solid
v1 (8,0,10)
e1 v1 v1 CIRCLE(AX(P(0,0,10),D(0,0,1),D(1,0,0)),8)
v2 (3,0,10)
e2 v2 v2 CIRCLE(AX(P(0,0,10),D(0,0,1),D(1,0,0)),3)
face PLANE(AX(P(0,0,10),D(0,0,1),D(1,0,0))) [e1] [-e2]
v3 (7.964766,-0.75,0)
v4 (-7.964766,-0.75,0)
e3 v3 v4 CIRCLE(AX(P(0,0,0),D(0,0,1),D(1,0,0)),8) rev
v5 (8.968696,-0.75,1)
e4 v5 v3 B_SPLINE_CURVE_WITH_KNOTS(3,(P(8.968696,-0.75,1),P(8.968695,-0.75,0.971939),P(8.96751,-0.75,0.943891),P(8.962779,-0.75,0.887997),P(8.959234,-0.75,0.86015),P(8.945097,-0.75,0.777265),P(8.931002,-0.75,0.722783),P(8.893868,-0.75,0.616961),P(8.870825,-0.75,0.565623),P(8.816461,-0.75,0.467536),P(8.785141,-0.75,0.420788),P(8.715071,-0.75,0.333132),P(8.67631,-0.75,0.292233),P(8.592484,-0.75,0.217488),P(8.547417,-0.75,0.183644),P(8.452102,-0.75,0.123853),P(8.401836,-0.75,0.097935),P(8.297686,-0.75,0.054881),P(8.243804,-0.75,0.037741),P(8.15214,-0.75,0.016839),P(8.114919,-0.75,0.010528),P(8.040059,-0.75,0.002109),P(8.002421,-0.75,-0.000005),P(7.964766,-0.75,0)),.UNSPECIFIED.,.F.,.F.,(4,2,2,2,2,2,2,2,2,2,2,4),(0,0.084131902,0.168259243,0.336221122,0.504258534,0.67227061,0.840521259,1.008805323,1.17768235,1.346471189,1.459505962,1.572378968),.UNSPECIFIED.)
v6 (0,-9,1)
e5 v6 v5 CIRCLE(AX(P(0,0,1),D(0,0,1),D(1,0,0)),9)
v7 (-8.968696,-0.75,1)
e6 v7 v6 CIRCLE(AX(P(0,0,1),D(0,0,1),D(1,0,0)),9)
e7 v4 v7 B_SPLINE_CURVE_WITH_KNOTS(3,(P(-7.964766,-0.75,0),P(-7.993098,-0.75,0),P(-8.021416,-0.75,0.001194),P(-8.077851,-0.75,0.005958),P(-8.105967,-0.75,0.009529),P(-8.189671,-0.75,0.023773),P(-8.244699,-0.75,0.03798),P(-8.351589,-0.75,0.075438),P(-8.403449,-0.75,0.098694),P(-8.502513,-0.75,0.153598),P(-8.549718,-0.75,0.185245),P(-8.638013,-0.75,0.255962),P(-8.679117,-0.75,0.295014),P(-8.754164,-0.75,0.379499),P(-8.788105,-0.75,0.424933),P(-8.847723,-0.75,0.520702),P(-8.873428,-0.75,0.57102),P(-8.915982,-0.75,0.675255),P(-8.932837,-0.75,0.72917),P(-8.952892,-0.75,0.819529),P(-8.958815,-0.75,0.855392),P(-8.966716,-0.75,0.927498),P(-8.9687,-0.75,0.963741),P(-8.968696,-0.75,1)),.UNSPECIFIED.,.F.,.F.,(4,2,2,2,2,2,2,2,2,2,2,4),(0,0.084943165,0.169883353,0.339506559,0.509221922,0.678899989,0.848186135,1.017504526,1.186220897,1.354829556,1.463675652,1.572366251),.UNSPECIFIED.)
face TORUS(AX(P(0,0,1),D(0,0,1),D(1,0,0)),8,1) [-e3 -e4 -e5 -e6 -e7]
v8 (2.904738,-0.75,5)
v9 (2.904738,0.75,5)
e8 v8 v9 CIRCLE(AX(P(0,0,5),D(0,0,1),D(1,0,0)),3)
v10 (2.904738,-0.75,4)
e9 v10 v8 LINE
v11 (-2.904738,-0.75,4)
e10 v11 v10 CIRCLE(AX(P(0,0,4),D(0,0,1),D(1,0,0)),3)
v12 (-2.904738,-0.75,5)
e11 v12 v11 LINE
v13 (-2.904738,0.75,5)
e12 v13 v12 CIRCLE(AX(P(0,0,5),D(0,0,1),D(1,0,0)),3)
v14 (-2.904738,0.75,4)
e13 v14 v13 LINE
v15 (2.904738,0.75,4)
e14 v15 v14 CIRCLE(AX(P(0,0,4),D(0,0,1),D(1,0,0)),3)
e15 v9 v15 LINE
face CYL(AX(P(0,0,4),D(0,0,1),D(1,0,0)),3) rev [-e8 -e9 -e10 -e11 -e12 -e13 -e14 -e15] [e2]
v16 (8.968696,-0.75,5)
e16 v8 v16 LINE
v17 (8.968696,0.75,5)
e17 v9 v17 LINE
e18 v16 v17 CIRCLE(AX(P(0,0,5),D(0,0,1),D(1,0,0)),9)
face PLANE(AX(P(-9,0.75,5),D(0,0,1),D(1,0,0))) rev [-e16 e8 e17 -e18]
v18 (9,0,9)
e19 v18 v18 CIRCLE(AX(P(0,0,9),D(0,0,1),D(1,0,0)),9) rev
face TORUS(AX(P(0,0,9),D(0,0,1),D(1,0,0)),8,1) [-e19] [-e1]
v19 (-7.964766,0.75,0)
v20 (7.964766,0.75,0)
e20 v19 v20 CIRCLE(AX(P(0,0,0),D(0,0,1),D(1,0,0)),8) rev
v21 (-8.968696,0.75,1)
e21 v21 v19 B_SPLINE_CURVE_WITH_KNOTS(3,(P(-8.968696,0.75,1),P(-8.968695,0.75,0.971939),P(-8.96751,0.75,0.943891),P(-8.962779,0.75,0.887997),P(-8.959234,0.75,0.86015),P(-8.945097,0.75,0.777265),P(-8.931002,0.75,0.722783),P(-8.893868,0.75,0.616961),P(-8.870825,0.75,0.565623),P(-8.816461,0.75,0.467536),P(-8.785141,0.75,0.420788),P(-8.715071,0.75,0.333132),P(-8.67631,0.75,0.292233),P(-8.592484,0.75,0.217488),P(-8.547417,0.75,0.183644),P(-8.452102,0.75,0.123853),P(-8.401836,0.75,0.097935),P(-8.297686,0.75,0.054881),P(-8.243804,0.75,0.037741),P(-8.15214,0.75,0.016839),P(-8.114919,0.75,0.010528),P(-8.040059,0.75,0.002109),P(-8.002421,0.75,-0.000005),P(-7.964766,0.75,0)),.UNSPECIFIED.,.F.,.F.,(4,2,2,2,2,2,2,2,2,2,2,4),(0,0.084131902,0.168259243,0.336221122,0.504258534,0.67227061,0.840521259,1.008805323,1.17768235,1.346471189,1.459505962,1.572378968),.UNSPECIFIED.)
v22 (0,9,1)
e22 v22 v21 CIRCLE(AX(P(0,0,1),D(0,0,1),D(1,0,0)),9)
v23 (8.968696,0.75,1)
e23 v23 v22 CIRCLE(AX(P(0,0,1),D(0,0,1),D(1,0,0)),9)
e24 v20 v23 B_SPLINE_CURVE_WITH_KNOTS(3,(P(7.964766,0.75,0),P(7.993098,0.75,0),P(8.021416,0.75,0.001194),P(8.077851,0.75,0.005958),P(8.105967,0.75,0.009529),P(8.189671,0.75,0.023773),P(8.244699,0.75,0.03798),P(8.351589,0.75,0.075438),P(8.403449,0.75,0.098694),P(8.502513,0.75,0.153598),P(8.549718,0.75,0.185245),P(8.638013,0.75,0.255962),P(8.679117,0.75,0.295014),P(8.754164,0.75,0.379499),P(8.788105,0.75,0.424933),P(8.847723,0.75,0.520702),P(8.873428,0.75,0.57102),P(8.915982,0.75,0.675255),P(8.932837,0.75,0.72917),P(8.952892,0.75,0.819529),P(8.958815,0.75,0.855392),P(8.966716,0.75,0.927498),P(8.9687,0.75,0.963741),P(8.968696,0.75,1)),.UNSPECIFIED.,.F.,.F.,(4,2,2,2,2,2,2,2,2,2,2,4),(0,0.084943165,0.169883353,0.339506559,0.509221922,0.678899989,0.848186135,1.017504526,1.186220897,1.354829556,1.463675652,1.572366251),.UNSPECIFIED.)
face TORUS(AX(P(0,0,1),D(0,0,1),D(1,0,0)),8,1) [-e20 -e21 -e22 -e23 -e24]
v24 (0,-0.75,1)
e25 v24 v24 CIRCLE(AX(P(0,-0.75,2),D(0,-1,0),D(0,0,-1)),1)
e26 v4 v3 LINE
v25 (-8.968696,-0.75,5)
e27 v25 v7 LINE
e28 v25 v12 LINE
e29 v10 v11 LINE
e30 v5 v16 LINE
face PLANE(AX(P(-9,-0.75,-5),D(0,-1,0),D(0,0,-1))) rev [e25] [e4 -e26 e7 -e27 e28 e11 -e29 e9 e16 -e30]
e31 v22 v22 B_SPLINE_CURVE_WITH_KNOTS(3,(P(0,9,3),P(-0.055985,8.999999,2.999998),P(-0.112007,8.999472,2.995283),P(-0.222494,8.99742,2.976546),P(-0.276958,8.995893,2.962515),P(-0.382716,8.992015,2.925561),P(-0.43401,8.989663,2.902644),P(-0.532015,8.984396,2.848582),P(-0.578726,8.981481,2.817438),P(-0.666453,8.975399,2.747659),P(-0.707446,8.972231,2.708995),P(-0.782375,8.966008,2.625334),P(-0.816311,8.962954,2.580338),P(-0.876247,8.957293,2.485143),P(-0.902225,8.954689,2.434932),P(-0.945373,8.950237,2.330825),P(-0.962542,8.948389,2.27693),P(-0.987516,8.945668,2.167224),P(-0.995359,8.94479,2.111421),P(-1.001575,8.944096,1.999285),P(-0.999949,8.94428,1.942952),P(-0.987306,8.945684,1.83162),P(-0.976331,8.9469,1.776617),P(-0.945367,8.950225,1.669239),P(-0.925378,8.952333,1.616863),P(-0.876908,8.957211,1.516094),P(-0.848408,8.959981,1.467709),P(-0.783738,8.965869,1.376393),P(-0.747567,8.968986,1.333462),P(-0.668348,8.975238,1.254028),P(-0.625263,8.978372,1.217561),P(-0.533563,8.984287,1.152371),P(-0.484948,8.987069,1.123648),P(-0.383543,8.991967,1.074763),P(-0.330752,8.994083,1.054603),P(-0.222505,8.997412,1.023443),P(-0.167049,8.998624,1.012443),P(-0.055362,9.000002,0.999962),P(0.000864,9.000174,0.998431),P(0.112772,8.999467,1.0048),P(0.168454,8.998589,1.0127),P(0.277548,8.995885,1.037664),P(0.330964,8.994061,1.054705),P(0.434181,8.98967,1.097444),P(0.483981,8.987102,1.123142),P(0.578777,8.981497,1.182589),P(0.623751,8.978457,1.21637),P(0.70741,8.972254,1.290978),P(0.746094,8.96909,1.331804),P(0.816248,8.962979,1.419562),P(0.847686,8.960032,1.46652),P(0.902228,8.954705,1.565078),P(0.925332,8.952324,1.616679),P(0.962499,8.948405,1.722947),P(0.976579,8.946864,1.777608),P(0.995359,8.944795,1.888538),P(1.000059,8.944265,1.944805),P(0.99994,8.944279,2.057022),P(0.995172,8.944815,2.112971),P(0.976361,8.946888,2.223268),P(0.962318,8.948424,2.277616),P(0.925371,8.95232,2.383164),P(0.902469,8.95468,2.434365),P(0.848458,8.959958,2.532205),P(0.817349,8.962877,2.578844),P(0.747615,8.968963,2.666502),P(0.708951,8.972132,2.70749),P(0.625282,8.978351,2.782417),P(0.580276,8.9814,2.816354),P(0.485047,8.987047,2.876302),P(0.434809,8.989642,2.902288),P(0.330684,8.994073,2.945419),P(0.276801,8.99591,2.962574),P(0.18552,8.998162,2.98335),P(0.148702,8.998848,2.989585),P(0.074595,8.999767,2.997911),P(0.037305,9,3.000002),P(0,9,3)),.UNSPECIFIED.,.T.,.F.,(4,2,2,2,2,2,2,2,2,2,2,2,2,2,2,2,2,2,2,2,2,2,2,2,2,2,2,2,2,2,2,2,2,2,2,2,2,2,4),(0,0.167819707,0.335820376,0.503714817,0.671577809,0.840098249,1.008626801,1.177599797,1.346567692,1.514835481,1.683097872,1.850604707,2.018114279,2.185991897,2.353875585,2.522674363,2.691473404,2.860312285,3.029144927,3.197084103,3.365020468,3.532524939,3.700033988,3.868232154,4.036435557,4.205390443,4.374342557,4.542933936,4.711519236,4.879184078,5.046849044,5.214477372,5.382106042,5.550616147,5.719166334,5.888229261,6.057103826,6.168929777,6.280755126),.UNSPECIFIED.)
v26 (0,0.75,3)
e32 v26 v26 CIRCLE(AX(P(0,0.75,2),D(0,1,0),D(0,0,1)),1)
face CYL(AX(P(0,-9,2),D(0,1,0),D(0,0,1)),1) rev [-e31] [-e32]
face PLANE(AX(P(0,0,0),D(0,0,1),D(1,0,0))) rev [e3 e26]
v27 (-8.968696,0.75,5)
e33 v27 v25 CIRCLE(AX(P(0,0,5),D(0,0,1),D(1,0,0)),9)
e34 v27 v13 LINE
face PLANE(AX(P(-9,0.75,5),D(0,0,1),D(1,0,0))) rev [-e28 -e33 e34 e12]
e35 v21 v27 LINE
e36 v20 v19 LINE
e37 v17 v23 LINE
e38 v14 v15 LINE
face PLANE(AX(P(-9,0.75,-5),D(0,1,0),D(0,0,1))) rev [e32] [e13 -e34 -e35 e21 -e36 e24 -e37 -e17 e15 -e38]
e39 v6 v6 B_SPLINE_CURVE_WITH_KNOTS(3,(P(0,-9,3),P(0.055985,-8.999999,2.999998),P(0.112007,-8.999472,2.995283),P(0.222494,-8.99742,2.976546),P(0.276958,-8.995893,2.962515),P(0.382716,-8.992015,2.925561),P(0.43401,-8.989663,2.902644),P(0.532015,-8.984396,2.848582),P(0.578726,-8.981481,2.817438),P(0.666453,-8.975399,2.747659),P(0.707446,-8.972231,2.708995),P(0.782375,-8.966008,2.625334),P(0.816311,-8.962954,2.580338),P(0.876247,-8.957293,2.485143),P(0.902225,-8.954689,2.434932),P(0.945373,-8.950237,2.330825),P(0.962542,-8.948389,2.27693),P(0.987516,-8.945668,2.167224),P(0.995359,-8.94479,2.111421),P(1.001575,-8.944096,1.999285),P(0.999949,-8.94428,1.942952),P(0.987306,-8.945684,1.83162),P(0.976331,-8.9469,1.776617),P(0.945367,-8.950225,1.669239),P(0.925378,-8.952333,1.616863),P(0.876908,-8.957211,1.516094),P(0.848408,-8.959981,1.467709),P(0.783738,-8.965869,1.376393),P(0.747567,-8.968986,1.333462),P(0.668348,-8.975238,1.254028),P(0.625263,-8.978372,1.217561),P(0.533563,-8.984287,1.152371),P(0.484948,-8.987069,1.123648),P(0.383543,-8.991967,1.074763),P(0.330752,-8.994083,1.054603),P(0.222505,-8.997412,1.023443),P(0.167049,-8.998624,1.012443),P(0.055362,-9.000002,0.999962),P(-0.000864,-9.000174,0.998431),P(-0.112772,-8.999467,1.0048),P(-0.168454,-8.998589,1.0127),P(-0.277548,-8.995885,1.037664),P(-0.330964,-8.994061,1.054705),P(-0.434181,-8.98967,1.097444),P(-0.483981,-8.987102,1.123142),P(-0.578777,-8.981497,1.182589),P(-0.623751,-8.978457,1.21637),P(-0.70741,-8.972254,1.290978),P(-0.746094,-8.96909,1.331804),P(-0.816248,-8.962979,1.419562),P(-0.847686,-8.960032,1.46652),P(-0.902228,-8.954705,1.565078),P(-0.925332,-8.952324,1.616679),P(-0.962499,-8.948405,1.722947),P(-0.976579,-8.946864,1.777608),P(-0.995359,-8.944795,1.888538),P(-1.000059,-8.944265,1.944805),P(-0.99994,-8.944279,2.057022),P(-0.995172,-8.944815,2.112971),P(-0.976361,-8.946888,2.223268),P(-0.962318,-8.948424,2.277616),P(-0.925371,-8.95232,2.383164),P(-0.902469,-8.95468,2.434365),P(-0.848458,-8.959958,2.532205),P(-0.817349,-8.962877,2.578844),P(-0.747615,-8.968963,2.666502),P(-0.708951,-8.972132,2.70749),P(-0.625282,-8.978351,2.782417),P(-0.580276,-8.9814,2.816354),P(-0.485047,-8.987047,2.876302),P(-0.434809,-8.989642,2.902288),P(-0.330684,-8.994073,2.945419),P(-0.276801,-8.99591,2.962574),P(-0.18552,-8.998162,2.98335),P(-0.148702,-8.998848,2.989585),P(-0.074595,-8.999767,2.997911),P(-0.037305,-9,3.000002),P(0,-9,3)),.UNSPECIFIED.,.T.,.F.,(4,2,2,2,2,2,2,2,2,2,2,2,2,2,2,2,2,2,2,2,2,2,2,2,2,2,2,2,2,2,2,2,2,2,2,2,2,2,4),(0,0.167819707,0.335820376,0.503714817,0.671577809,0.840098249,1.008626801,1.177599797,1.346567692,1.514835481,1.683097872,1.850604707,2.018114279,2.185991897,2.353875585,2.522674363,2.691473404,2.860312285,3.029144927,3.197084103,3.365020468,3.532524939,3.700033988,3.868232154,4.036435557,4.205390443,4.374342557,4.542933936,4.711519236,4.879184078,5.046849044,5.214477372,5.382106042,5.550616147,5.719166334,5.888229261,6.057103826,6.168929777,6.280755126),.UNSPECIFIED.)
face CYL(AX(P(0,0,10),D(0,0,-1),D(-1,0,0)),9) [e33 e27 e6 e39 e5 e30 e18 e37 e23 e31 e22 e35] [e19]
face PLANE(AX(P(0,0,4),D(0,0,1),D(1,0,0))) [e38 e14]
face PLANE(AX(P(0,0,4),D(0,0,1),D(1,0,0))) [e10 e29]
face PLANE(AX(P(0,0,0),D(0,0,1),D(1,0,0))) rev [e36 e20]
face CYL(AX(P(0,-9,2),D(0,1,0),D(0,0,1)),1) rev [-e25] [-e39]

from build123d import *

# Parameters (mm, degrees)
SKETCH_1_R               = 9
EXTRUDE_1_DEPTH          = 10
CUT_EXTRUDE_1_DEPTH      = 17.186414056
CUT_EXTRUDE_1_DEPTH_BACK = 17.186414056
SKETCH_2_W               = 10
SKETCH_2_H               = 1.5
CUT_EXTRUDE_2_DEPTH      = 17.186414056
CUT_EXTRUDE_2_DEPTH_BACK = 17.186414056
SKETCH_3_R               = 1
FILLET_1_R               = 1
SKETCH_4_R               = 3
CUT_EXTRUDE_3_DEPTH      = 6


with BuildPart() as part:
    # 草图1 → 凸台-拉伸1 (new body)
    with BuildSketch(Plane.XY):
        Circle(SKETCH_1_R)
    extrude(amount=EXTRUDE_1_DEPTH)

    # 草图2 → 切除-拉伸1 (cut, two sides: drawn at the far end of the back side and taken through both)
    with BuildSketch(Plane(origin=(0, 0, 0), x_dir=(0, 0, -1), z_dir=(1, 0, 0)).offset(-CUT_EXTRUDE_1_DEPTH_BACK)):
        Rectangle(SKETCH_2_W, SKETCH_2_H)
    extrude(amount=CUT_EXTRUDE_1_DEPTH + CUT_EXTRUDE_1_DEPTH_BACK, mode=Mode.SUBTRACT)

    # 草图3 → 切除-拉伸2 (cut, two sides: drawn at the far end of the back side and taken through both)
    with BuildSketch(Plane(origin=(0, 0, 0), x_dir=(1, 0, 0), z_dir=(0, 1, 0)).offset(-CUT_EXTRUDE_2_DEPTH_BACK)):
        with Locations(Location((0, -2, 0), (0, 0, 270))):
            Circle(SKETCH_3_R)
    extrude(amount=CUT_EXTRUDE_2_DEPTH + CUT_EXTRUDE_2_DEPTH_BACK, mode=Mode.SUBTRACT)

    # 圆角1
    fillet_1_edges = [part.edges().sort_by_distance(p)[0] for p in [
        (-9, 0, 10),
        (0, 9, 0),
        (0, -9, 0),
    ]]
    fillet(fillet_1_edges, radius=FILLET_1_R)

    # 草图4 → 切除-拉伸3 (cut)
    with BuildSketch(Plane.XY.offset(10)):
        Circle(SKETCH_4_R)
    extrude(amount=-CUT_EXTRUDE_3_DEPTH, mode=Mode.SUBTRACT)


solid = part.part
